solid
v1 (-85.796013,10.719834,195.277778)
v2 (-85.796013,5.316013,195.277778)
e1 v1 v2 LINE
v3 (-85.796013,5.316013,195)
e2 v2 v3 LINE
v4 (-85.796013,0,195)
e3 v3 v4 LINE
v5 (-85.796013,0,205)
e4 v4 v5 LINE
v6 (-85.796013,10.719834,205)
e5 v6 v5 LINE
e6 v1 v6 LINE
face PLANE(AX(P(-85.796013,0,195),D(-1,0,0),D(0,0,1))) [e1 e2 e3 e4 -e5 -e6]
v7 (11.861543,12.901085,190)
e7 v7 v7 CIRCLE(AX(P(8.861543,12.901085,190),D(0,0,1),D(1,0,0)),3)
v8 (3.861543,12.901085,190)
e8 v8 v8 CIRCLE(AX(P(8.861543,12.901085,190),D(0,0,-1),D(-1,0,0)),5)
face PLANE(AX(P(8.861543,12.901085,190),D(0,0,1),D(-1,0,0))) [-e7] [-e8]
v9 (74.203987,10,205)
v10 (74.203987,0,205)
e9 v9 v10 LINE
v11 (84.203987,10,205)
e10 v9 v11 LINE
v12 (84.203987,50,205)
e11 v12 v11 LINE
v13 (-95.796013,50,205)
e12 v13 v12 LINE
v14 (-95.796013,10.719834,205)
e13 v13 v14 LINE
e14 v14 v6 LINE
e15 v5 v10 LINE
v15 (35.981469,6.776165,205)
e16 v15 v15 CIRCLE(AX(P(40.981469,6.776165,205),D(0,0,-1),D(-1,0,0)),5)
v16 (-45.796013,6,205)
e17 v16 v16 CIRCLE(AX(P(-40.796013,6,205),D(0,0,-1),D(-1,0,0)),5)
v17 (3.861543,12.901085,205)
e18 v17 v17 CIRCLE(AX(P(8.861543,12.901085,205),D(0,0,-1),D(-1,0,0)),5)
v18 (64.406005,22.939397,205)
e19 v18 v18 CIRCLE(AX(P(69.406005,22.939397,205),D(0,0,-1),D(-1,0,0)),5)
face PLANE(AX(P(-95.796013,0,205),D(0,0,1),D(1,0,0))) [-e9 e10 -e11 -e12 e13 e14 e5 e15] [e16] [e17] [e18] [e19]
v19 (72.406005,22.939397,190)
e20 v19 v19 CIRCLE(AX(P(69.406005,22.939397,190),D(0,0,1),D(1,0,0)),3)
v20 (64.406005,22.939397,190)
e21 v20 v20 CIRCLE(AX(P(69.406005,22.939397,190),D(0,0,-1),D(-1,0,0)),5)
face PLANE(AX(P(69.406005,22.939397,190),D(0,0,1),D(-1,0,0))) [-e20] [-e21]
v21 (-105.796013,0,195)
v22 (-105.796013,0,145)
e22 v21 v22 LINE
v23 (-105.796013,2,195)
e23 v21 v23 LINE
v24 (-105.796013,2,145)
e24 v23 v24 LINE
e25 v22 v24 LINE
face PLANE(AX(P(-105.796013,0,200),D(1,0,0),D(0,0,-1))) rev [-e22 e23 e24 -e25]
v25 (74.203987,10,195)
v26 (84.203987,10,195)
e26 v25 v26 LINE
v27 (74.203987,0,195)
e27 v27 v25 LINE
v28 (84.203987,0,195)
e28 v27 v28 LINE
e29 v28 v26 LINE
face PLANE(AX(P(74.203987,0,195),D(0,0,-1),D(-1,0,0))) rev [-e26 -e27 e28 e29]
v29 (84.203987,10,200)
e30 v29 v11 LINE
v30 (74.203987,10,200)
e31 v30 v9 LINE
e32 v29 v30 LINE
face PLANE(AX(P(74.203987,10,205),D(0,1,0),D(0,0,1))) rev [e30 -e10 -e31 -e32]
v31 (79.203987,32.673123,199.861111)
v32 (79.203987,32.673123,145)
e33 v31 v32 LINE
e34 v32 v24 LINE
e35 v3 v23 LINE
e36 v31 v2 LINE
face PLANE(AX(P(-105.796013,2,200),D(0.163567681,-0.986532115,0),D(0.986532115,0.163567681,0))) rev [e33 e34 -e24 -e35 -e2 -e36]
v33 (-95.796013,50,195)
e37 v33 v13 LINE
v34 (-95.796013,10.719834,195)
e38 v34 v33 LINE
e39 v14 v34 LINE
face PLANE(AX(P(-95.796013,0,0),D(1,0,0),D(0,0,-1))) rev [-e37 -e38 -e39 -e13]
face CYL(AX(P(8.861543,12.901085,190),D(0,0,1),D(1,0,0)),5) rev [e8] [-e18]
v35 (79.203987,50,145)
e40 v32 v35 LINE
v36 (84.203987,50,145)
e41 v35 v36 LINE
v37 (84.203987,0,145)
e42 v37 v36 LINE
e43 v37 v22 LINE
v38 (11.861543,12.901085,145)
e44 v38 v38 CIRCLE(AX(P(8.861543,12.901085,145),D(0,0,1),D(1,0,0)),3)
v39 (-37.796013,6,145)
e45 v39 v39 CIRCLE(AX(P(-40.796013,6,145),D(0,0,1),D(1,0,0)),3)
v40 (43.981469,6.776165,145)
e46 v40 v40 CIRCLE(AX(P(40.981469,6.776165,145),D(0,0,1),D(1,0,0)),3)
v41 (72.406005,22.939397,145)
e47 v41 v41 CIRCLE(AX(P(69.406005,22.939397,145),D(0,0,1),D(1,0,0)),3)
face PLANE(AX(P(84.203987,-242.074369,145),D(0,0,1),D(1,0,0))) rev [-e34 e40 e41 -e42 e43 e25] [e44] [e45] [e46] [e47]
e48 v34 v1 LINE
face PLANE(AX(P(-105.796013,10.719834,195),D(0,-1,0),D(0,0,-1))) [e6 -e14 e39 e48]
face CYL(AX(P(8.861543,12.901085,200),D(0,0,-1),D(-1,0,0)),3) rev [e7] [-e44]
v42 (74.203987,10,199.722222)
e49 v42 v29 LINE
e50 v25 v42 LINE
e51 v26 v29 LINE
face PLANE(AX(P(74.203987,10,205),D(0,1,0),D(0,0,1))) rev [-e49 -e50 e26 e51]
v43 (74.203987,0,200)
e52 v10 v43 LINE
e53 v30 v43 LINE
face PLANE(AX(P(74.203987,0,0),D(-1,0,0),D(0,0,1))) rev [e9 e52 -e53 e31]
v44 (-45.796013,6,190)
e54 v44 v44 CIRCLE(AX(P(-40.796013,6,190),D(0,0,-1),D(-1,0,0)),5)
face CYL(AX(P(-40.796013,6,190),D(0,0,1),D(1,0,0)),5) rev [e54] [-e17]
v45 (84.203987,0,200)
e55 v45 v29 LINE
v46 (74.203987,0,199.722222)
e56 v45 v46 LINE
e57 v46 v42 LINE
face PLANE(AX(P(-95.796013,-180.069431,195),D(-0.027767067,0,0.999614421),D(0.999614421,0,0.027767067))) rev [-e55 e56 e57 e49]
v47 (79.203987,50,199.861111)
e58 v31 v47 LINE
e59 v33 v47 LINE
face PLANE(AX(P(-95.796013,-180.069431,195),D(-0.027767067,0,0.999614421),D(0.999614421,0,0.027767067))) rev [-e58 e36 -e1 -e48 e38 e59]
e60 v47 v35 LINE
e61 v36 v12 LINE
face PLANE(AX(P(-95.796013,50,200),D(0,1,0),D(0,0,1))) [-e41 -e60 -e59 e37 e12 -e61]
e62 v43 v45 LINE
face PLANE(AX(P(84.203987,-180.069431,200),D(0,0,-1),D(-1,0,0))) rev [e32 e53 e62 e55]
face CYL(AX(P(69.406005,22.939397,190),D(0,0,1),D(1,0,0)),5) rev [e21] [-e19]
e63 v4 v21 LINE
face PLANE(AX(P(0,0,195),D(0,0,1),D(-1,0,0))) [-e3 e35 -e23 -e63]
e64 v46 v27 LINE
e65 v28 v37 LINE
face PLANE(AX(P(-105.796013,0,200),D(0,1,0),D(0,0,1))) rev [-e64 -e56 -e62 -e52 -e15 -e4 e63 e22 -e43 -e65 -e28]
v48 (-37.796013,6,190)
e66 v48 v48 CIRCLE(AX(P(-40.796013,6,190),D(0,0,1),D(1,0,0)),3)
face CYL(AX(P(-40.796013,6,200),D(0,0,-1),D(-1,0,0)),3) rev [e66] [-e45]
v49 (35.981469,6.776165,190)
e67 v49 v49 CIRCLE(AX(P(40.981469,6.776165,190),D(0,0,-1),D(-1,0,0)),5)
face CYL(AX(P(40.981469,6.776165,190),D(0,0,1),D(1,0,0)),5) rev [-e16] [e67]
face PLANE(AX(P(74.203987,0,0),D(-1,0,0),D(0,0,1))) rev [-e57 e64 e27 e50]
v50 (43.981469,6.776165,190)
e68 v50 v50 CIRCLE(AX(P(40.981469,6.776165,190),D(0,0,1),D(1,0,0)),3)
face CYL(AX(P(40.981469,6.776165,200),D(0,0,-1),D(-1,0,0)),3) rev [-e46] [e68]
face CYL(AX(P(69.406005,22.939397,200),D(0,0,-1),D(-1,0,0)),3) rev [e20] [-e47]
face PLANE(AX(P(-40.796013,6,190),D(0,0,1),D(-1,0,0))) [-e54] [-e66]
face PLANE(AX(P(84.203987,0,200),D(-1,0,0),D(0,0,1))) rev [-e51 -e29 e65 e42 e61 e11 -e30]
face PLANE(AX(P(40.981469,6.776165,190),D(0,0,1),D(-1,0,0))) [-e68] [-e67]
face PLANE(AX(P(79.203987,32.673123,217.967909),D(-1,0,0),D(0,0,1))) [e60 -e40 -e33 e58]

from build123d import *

# Parameters (mm, degrees)
ESQUISSE1_R             = 3
BOSS_EXTRU_1_DEPTH      = 200
ESQUISSE4_W             = 5
ESQUISSE4_H             = 50
BOSS_EXTRU_4_DEPTH      = 180
BOSS_EXTRU_7_DEPTH      = 50
ESQUISSE6_W             = 20
ESQUISSE6_H             = 10.719834163
ENL_V_MAT_EXTRU_2_DEPTH = 10
ESQUISSE5_W             = 10
ESQUISSE5_H             = 10
ENL_V_MAT_EXTRU_1_DEPTH = 10
ESQUISSE14_R            = 5
ENL_V_MAT_EXTRU_4_DEPTH = 15
BOSS_EXTRU_8_REACH      = 242.401
ENL_V_MAT_EXTRU_5_REACH = 238.046
ESQUISSE16_W            = 190
ESQUISSE16_H            = 150


with BuildPart() as part:
    # Esquisse1 → Boss.-Extru.1 (new body)
    with BuildSketch(Plane.XY):
        Polygon((-105.796013405, 0), (84.203986595, 0), (84.203986595, 33.502126335), (-105.796013405, 2), align=None)
        with Locations((69.406004871, 22.939397164)):
            Circle(ESQUISSE1_R, mode=Mode.SUBTRACT)
        with Locations((40.981469067, 6.77616521)):
            Circle(ESQUISSE1_R, mode=Mode.SUBTRACT)
        with Locations((-40.796013405, 6)):
            Circle(ESQUISSE1_R, mode=Mode.SUBTRACT)
        with Locations((8.861542866, 12.901085106)):
            Circle(ESQUISSE1_R, mode=Mode.SUBTRACT)
    extrude(amount=BOSS_EXTRU_1_DEPTH)

    # Esquisse4 → Boss.-Extru.4 (add)
    with BuildSketch(Plane(origin=(84.203986595, 0, 0), x_dir=(0, 0, -1), z_dir=(1, 0, 0))):
        with Locations((-202.5, 25)):
            Rectangle(ESQUISSE4_W, ESQUISSE4_H)
        with Locations((2.5, 25)):
            Rectangle(ESQUISSE4_W, ESQUISSE4_H)
    extrude(amount=-BOSS_EXTRU_4_DEPTH)

    # Esquisse8 → Boss.-Extru.7 (add)
    with BuildSketch(Plane(origin=(0, 50, 0), x_dir=(1, 0, 0), z_dir=(0, 1, 0))):
        Polygon((84.203986595, 0), (-95.796013405, 0), (-95.796013405, -5), align=None)
    boss_extru_7 = extrude(amount=-BOSS_EXTRU_7_DEPTH)

    # Esquisse6 → Enlèv. mat.-Extru.2 (cut)
    with BuildSketch(Plane(origin=(0, 0, -5), x_dir=(-1, 0, 0), z_dir=(0, 0, -1))):
        with Locations((95.796013405, 5.359917081)):
            Rectangle(ESQUISSE6_W, ESQUISSE6_H)
    enl_v_mat_extru_2 = extrude(amount=-ENL_V_MAT_EXTRU_2_DEPTH, mode=Mode.SUBTRACT)

    # Esquisse5 → Enlèv. mat.-Extru.1 (cut)
    with BuildSketch(Plane(origin=(84.203986595, 0, 0), x_dir=(0, 0, -1), z_dir=(1, 0, 0))):
        with Locations((-200, 5)):
            Rectangle(ESQUISSE5_W, ESQUISSE5_H)
        with Locations((0, 5)):
            Rectangle(ESQUISSE5_W, ESQUISSE5_H)
    extrude(amount=-ENL_V_MAT_EXTRU_1_DEPTH, mode=Mode.SUBTRACT)

    # Esquisse14 → Enlèv. mat.-Extru.4 (cut)
    with BuildSketch(Plane(origin=(0, 0, -5), x_dir=(-1, 0, 0), z_dir=(0, 0, -1))):
        with Locations((-69.406004871, 22.939397164)):
            Circle(ESQUISSE14_R)
        with Locations((-40.981469067, 6.77616521)):
            Circle(ESQUISSE14_R)
        with Locations((-8.861542866, 12.901085106)):
            Circle(ESQUISSE14_R)
        with Locations((40.796013405, 6)):
            Circle(ESQUISSE14_R)
    enl_v_mat_extru_4 = extrude(amount=-ENL_V_MAT_EXTRU_4_DEPTH, mode=Mode.SUBTRACT)

    # Symétrie3: Boss.-Extru.7, Enlèv. mat.-Extru.2, Enlèv. mat.-Extru.4 across plane
    add(boss_extru_7.mirror(Plane(origin=(0, 0, 100), x_dir=(1, 0, 0), z_dir=(0, 0, -1))))
    add(enl_v_mat_extru_2.mirror(Plane(origin=(0, 0, 100), x_dir=(1, 0, 0), z_dir=(0, 0, -1))), mode=Mode.SUBTRACT)
    add(enl_v_mat_extru_4.mirror(Plane(origin=(0, 0, 100), x_dir=(1, 0, 0), z_dir=(0, 0, -1))), mode=Mode.SUBTRACT)

    # Boss.-Extru.8: up to this plane
    boss_extru_8_end = Plane(origin=(-95.796013405, -180.069431054, 195), z_dir=(-0.0277670672403533, 0, 0.9996144206527183))
    # Esquisse15 → Boss.-Extru.8 (add, up to the surface)
    with BuildSketch(Plane(origin=(0, 0, -5), x_dir=(-1, 0, 0), z_dir=(0, 0, -1)), mode=Mode.PRIVATE) as boss_extru_8_sk1:
        Polygon((-84.203986595, 33.502126335), (-79.203986595, 32.67312301), (-79.203986595, 50), (-84.203986595, 50), align=None)
    boss_extru_8_tool1 = split(extrude(boss_extru_8_sk1.sketch, amount=-BOSS_EXTRU_8_REACH, mode=Mode.PRIVATE), bisect_by=boss_extru_8_end, keep=Keep.BOTH, mode=Mode.PRIVATE)
    add(boss_extru_8_tool1.solids().sort_by_distance((81.683563, 41.542119, -5))[0])

    # Enlèv. mat.-Extru.5: up to this face of the body (flat: up to its plane)
    enl_v_mat_extru_5_end = Plane(part.part.faces().sort_by_distance((-10.38578146, 0, 100.003530671))[0])
    # Esquisse16 → Enlèv. mat.-Extru.5 (cut, up to the picked face)
    with BuildSketch(Plane(origin=(0, 50, 0), x_dir=(1, 0, 0), z_dir=(0, 1, 0)), mode=Mode.PRIVATE) as enl_v_mat_extru_5_sk1:
        with Locations((-10.796013405, -70)):
            Rectangle(ESQUISSE16_W, ESQUISSE16_H)
    enl_v_mat_extru_5_tool1 = split(extrude(enl_v_mat_extru_5_sk1.sketch, amount=-ENL_V_MAT_EXTRU_5_REACH, mode=Mode.PRIVATE), bisect_by=enl_v_mat_extru_5_end, keep=Keep.BOTH, mode=Mode.PRIVATE)
    add(enl_v_mat_extru_5_tool1.solids().sort_by(Axis((-10.796013, 50, 70), (0, -1, 0)))[0], mode=Mode.SUBTRACT)


solid = part.part
